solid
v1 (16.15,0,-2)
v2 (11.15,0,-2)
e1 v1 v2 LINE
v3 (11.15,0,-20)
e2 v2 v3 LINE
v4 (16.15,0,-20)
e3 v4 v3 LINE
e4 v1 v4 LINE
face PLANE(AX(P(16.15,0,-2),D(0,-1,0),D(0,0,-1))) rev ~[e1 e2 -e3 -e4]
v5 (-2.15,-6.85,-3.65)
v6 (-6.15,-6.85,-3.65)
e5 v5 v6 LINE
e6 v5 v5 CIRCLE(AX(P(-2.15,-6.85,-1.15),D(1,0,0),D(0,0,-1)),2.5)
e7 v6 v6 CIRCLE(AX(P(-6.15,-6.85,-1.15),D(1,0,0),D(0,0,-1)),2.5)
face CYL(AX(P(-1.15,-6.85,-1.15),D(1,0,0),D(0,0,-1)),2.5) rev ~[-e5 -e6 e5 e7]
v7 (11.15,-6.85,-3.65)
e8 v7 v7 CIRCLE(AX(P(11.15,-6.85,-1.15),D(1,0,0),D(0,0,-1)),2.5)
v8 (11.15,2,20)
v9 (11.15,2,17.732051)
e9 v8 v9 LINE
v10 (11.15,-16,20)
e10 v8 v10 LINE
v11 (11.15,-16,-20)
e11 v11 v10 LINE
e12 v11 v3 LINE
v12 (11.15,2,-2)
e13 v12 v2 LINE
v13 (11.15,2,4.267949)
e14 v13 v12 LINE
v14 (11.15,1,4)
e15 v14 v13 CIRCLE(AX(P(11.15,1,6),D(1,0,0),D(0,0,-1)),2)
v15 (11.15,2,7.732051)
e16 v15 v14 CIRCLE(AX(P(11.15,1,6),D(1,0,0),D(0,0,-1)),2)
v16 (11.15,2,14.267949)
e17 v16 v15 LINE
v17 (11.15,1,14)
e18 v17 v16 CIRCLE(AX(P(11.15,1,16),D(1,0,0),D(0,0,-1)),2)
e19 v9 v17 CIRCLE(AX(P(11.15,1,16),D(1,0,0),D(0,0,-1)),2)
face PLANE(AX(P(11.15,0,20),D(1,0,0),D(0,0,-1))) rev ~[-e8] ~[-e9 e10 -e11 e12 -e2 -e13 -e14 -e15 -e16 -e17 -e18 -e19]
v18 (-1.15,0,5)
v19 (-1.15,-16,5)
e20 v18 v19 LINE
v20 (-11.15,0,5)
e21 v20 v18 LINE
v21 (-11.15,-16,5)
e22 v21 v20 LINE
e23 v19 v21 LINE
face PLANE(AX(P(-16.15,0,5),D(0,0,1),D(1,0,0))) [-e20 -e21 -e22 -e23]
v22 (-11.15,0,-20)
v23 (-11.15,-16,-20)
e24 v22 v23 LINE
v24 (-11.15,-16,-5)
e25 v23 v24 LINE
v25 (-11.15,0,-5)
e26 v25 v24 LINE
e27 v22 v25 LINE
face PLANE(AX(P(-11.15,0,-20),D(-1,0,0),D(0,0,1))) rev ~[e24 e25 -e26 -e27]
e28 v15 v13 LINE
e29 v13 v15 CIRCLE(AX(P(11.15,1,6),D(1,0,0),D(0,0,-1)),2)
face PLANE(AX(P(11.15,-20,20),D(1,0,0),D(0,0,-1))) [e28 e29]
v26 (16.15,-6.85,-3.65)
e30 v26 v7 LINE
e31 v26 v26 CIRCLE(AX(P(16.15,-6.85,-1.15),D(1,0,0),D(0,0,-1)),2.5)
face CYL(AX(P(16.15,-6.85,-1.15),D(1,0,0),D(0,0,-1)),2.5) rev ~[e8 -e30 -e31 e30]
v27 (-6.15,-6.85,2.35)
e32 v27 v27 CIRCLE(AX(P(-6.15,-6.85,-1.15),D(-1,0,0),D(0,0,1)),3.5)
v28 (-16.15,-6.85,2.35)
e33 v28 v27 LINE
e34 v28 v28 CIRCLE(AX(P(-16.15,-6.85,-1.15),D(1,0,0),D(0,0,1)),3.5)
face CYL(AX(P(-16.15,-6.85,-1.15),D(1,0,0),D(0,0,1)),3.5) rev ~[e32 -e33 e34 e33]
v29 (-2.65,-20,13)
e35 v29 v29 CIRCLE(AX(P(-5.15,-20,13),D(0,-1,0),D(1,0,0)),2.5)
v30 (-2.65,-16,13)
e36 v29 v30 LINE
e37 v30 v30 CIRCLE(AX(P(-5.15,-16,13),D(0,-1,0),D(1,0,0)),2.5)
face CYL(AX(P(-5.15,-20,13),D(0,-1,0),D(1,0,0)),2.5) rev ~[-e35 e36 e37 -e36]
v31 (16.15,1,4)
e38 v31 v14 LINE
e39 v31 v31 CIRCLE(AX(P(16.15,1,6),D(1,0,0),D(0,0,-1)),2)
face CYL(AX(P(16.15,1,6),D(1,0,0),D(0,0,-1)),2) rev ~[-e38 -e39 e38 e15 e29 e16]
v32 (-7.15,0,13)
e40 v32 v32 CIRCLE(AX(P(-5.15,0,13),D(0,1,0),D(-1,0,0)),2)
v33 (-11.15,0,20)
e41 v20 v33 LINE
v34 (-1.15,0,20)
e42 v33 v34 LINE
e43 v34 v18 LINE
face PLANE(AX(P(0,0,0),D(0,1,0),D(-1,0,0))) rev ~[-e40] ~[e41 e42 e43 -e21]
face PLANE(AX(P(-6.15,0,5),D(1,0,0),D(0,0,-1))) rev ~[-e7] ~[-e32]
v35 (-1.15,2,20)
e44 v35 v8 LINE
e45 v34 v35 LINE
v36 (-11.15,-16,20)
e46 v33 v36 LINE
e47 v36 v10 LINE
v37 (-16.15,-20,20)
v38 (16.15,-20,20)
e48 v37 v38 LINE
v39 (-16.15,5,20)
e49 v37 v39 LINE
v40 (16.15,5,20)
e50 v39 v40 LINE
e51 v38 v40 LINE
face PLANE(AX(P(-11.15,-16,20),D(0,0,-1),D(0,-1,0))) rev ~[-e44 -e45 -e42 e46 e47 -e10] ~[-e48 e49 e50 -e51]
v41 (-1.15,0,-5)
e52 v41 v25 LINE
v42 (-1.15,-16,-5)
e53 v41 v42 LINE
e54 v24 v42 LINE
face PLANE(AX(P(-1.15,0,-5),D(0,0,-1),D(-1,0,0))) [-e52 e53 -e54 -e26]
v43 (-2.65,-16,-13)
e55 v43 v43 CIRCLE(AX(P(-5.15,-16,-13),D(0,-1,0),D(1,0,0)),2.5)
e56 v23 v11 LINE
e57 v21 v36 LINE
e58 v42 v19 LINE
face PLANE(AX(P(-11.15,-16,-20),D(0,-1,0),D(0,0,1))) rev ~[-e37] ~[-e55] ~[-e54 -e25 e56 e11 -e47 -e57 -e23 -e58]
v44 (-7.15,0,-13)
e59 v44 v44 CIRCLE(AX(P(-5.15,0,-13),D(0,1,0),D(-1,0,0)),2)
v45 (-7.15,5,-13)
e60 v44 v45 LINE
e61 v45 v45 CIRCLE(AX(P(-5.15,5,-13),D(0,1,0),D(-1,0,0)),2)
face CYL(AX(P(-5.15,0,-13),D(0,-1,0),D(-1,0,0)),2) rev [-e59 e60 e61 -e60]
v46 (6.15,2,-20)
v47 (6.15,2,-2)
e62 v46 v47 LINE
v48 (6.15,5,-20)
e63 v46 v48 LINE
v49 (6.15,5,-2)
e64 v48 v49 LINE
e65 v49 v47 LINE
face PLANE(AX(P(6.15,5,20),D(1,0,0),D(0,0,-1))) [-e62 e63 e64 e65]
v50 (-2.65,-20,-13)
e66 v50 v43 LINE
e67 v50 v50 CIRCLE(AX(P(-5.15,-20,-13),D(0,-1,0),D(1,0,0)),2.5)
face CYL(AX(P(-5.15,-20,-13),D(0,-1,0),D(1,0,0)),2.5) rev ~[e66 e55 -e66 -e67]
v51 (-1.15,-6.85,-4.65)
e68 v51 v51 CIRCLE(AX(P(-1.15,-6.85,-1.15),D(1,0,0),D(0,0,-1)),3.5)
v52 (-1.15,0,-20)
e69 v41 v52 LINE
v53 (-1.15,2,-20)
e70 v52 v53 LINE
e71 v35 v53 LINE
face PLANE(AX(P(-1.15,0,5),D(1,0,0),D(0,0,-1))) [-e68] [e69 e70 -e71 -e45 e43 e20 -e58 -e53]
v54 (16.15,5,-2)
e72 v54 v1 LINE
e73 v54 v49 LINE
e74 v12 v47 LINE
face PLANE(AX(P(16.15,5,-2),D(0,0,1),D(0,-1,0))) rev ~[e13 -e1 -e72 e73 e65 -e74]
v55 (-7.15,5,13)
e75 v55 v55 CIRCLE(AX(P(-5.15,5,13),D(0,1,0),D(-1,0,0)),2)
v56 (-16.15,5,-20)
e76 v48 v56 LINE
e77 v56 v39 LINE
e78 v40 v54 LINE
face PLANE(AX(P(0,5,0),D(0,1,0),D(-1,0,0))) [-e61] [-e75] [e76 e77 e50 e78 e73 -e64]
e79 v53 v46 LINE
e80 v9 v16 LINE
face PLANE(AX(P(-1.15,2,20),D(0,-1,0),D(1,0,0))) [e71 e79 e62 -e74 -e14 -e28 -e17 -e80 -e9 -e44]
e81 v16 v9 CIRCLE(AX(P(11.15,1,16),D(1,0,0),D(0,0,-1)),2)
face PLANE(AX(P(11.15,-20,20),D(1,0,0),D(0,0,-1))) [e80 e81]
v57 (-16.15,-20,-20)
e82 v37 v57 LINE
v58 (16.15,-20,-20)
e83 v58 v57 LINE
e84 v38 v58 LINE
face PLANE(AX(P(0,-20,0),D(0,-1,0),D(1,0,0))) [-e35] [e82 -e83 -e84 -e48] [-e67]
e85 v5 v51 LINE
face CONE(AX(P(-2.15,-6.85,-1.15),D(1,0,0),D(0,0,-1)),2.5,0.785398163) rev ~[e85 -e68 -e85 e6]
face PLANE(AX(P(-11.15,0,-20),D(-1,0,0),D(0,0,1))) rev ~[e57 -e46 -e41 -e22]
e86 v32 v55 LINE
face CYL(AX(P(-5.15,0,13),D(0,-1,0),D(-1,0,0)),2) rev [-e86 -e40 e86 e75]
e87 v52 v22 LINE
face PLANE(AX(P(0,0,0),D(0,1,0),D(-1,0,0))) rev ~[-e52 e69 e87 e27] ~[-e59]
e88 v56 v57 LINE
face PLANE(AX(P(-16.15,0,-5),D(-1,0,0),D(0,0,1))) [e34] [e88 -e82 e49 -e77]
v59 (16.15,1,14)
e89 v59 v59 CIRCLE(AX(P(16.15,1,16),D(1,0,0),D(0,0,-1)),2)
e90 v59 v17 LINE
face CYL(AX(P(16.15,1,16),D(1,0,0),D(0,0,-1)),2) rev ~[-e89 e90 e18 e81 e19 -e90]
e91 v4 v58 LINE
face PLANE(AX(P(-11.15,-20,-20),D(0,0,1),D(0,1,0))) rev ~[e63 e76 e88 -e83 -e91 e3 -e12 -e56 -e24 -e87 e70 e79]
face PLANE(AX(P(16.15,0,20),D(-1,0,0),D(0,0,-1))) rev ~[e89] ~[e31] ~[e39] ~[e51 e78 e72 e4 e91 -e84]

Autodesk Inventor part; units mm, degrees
ref_plane "YZ Plane" through (0, 0, 0) normal (1, 0, 0) x (0, 1, 0)
ref_plane "XZ Plane" through (0, 0, 0) normal (0, 1, 0) x (-1, 0, 0)
ref_plane "XY Plane" through (0, 0, 0) normal (0, 0, 1) x (1, 0, 0)
sketch "Boceto1" plane through (0, 0, 0) normal (0, 1, 0) x (-1, 0, 0)
  line L0 (16.15, 20) -> (-16.15, 20)
  line L1 (-16.15, 20) -> (-16.15, -20)
  line L2 (-16.15, -20) -> (16.15, -20)
  line L3 (16.15, -20) -> (16.15, 20)
  line L4 (0, -3.0912) -> (0, 0)
  line L5 (0, 0) -> (2.0406, 0)
  circle A0 centre (5.15, 13) radius 2
  circle A1 centre (5.15, -13) radius 2
  dimension "d0" = 32.3
  dimension "d1" = 40
  dimension "d4" = 4
  dimension "d5" = 4
  dimension "d6" = 7
  dimension "d7" = 7
  dimension "d35" = 11
  dimension "d36" = 11
extrude "Extrusión1" add sketch "Boceto1" along normal blind 5
sketch "Boceto2" plane through (0, 0, 0) normal (0, -1, 0) x (1, 0, 0)
  line L0 (16.15, 20) -> (16.15, -20) projected
  line L1 (16.15, 20) -> (11.15, 20)
  line L2 (11.15, 20) -> (11.15, -20)
  line L3 (11.15, -20) -> (16.15, -20)
  line L4 (16.15, -20) -> (16.15, 20)
  line L5 (-16.15, -20) -> (-16.15, 20) projected
  line L6 (-16.15, 20) -> (16.15, 20) projected
  line L7 (-16.15, -20) -> (-11.15, -20)
  line L8 (-11.15, -20) -> (-11.15, 20)
  line L9 (-11.15, 20) -> (-16.15, 20)
  line L10 (-16.15, 20) -> (-16.15, -20)
  point P0 (0, 0)
  dimension "d8" = 5
  dimension "d9" = 5
extrude "Extrusión2" add sketch "Boceto2" along normal blind 20
sketch "Boceto3" plane through (-11.15, 0, 20) normal (1, 0, 0) x (0, 0, -1)
  line L0 (0, 0) -> (0, -20) projected
  line L1 (40, -20) -> (40, 5) projected
  line L2 (0, -20) -> (40, -20)
  line L3 (40, -20) -> (40, -16)
  line L4 (40, -16) -> (0, -16)
  line L5 (0, -16) -> (0, -20)
  point P0 (20, 0)
  point P1 (0, -16)
  dimension "d12" = 4
extrude "Extrusión3" add sketch "Boceto3" along normal up to surface (22.3 mm away)
sketch "Boceto4" plane through (16.15, 5, 20) normal (1, 0, 0) x (0, 0, -1)
  circle A0 centre (21.15, -11.85) radius 2.5
  line L0 (0, 0) -> (0, -25) projected
  line L1 (0, 0) -> (40, 0) projected
  point P0 (20, -5)
  dimension "d15" = 21.15
  dimension "d16" = 11.85
  dimension "d19" = 5
extrude "Extrusión4" cut sketch "Boceto4" against normal up to surface (5 mm away)
sketch "Boceto8" plane through (0, -20, 0) normal (0, -1, 0) x (1, 0, 0)
  circle A0 centre (-5.15, 13) radius 2 projected
  circle A1 centre (-5.15, -13) radius 2 projected
  circle A2 centre (-5.15, 13) radius 2.5
  circle A3 centre (-5.15, -13) radius 2.5
  point P0 (0, 0)
  dimension "d31" = 5
  dimension "d32" = 5
extrude "Extrusión7" cut sketch "Boceto8" against normal up to surface (4 mm away) contours A0 | A1 | A2 | A3
sketch "Boceto9" plane through (0, 0, 0) normal (0, -1, 0) x (1, 0, 0)
  line L0 (-16.15, -20) -> (-16.15, 20) projected
  line L1 (-16.15, 5) -> (-1.15, 5)
  line L2 (-1.15, 5) -> (-1.15, -5)
  line L3 (-1.15, -5) -> (-16.15, -5)
  line L4 (-16.15, -5) -> (-16.15, 5)
  line L5 (-18.3593, 0) -> (-23.2163, 0)
  point P0 (0, 0)
  dimension "d37" = 15
  dimension "d38" = 10
extrude "Extrusión8" add sketch "Boceto9" along normal up to surface (20 mm away)
sketch "Boceto5" plane through (-16.15, 5, -20) normal (-1, 0, 0) x (0, 0, 1)
  circle A0 centre (18.85, -11.85) radius 2.5 projected
  point P0 (20, -5)
hole "Agujero1" at (-16.15, -6.85, -1.15) direction (1, 0, 0) diameter 7 depth 15
sketch "Boceto10" plane through (-1.15, 0, 5) normal (1, 0, 0) x (0, 0, -1)
  circle A0 centre (6.15, -6.85) radius 3.5 projected
  circle A1 centre (6.15, -6.85) radius 2.5
  point P0 (5, 0)
  dimension "d41" = 5
extrude "Extrusión9" add sketch "Boceto10" against normal blind 5
sketch "Boceto11" plane through (-16.15, 5, 20) normal (0, 0, 1) x (1, 0, 0)
  point P0 (16.15, -5)
sketch "Boceto12" plane through (-16.15, 5, 20) normal (0, 0, 1) x (1, 0, 0)
  line L0 (5, -5) -> (27.3, -5) projected
  line L1 (27.3, -5) -> (15, -5)
  line L2 (15, -5) -> (15, -3)
  line L3 (15, -3) -> (27.3, -3)
  line L4 (27.3, -3) -> (27.3, -5)
  point P0 (16.15, -5)
  dimension "d44" = 2
extrude "Extrusión10" cut sketch "Boceto12" against normal up to surface (40 mm away)
chamfer "Chaflán1" distance 1 angle 45 1 edges at (-1.15, -6.85, 1.35)
sketch "Boceto13" plane through (16.15, 5, 20) normal (1, 0, 0) x (0, 0, -1)
  line L0 (40, -25) -> (40, 0) projected
  line L1 (40, 0) -> (22, 0)
  line L2 (22, 0) -> (22, -5)
  line L3 (22, -5) -> (40, -5)
  line L4 (40, -5) -> (40, 0)
  point P0 (20, -5)
  dimension "d50" = 18
  dimension "d51" = 5
extrude "Extrusión11" cut sketch "Boceto13" against normal blind 10
sketch "Boceto16" plane through (16.15, -20, 20) normal (1, 0, 0) x (0, 0, -1)
  circle A0 centre (4, 21) radius 2
  circle A1 centre (14, 21) radius 2
  line L0 (0, 25) -> (0, 0) projected
  line L1 (0, 25) -> (22, 25) projected
  point P0 (20, 20)
  dimension "d66" = 4
  dimension "d67" = 4
  dimension "d68" = 10
  dimension "d69" = 4
  dimension "d70" = 4
  dimension "d71" = 4
extrude "Extrusión14" cut sketch "Boceto16" against normal blind 5
equation "\"d5\" = d4"
equation "\"d36\" = d35"
equation "\"d9\" = d8"
equation "\"d67\" = d66"
equation "\"d71\" = d70"
properties part number "Base Idler Izq" material "Plástico PAEK"
